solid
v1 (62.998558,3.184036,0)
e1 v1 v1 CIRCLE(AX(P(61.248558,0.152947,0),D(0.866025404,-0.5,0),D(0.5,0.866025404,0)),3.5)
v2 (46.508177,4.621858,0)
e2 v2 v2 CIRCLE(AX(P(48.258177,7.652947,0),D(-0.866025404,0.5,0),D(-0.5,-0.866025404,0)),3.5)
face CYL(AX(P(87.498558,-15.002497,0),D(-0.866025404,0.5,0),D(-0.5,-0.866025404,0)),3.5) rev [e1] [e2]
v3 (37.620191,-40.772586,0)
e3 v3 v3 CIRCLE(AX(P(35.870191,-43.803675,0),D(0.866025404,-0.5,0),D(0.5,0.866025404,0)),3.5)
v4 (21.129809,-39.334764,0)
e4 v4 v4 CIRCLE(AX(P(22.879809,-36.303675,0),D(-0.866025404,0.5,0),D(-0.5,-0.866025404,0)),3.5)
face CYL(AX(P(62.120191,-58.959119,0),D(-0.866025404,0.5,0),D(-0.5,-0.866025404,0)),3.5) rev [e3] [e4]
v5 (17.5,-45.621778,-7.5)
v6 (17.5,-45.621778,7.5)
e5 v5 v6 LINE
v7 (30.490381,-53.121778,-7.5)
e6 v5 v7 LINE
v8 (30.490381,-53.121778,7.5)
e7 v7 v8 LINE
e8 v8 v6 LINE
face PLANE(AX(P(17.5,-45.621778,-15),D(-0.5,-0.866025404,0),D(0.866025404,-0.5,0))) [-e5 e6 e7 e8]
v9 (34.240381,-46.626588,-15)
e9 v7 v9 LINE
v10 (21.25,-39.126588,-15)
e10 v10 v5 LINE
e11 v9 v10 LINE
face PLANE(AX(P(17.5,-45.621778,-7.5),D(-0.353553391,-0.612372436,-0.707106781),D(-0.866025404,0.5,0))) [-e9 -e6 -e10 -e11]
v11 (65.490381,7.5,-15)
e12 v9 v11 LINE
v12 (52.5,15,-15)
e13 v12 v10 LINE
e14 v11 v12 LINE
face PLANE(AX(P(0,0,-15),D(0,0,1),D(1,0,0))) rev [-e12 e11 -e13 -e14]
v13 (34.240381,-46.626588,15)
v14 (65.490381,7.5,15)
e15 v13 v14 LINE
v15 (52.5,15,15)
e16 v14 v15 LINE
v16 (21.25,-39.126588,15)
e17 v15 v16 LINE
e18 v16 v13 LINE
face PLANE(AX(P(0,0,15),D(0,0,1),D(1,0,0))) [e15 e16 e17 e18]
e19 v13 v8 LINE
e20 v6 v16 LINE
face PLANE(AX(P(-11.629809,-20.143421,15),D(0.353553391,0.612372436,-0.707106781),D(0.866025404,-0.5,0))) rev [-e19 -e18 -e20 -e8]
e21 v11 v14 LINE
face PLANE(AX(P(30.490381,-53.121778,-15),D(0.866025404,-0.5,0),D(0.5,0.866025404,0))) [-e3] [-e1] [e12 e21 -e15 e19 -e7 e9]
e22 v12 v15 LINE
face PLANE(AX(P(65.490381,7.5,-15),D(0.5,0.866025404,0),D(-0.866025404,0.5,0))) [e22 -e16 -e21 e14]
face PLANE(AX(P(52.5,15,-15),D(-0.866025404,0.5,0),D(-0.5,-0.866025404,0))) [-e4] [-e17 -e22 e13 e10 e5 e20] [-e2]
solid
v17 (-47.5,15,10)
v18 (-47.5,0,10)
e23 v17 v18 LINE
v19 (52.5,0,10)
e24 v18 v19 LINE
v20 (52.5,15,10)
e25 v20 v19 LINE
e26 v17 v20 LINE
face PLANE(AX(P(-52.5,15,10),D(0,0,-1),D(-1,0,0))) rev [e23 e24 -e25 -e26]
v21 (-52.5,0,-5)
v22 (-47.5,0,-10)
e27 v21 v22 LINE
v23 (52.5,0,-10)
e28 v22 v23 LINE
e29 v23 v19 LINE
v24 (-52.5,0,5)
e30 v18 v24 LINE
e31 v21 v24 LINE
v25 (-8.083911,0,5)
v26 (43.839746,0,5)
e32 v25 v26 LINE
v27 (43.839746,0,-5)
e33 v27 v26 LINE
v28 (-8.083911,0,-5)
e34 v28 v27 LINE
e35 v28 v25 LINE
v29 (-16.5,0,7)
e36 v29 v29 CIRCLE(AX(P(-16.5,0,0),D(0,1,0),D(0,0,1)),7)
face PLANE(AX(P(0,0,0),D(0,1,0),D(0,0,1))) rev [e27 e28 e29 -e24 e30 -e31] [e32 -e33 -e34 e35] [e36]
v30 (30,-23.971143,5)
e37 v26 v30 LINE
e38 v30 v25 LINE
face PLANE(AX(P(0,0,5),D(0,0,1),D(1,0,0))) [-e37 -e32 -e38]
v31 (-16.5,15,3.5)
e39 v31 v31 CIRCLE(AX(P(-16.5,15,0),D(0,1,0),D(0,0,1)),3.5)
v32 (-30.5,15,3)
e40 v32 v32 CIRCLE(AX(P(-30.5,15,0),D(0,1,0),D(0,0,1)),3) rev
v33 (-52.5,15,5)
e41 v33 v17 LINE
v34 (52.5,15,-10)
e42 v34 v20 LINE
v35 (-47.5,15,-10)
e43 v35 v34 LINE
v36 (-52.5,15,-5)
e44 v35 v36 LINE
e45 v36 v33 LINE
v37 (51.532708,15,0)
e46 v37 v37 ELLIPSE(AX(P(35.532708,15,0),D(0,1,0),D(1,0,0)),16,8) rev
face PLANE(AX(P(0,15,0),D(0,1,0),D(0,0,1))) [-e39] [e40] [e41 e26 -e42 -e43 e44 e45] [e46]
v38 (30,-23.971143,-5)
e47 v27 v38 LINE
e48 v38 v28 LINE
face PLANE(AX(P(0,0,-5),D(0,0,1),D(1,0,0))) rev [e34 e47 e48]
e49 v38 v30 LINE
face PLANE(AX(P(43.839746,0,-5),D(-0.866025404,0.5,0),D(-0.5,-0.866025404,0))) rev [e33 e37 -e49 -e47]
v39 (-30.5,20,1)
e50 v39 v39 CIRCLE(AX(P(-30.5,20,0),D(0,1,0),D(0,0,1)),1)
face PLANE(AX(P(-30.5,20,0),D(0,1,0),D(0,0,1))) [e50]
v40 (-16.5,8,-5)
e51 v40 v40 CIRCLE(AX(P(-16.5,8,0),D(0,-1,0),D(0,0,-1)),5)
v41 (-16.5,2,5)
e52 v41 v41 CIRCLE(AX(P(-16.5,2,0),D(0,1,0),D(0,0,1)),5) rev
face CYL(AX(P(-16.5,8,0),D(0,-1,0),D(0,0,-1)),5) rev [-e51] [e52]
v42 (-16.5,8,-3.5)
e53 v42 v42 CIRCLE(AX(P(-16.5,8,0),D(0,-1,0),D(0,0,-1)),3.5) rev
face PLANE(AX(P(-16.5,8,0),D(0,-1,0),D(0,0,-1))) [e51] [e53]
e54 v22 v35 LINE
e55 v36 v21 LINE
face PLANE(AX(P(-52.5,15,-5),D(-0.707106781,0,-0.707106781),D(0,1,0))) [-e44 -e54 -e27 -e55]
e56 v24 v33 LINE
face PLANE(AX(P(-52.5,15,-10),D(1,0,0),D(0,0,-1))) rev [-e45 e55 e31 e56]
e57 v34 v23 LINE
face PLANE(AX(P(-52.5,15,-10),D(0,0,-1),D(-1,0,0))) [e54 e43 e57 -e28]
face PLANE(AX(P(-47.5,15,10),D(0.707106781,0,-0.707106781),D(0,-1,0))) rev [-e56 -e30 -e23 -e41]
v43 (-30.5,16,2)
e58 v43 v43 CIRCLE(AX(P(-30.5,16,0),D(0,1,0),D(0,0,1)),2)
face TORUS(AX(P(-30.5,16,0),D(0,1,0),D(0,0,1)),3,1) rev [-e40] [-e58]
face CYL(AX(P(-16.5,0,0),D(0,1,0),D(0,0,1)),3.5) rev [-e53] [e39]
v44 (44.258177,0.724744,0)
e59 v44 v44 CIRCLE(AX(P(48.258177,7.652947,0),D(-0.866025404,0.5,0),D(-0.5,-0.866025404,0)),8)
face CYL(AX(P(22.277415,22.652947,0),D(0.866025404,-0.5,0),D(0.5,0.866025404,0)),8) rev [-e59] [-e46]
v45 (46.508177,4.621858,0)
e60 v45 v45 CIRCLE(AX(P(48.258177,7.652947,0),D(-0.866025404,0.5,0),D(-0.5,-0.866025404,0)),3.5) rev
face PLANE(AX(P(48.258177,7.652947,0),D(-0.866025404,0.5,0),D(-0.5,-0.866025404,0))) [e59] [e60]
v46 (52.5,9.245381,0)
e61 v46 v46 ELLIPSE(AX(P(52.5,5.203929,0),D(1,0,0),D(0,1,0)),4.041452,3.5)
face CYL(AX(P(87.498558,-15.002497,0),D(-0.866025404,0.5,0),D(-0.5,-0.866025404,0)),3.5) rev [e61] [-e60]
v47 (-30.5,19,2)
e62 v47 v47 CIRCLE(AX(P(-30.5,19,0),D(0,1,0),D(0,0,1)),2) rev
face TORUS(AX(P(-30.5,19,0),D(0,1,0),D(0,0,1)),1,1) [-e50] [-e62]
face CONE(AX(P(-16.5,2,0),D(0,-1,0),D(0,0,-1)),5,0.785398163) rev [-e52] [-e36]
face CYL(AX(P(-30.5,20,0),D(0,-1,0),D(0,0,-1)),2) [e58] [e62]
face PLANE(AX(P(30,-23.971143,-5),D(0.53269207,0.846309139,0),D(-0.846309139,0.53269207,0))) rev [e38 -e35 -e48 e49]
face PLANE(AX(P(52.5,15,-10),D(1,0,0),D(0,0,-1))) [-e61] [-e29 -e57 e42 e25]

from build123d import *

# Parameters (mm, degrees)
SKETCH1_W                = 105
SKETCH1_H                = 20
BOSS_EXTRUDE1_DEPTH      = 15
SKETCH2_R                = 3.5
CUT_EXTRUDE1_DEPTH       = 15
SKETCH3_R                = 2
BOSS_EXTRUDE2_DEPTH      = 5
SKETCH4_R                = 5
CUT_EXTRUDE2_DEPTH       = 8
BOSS_EXTRUDE3_DEPTH      = 15
BOSS_EXTRUDE3_DEPTH_BACK = 15
BOSS_EXTRUDE4_DEPTH      = 5
BOSS_EXTRUDE4_DEPTH_BACK = 5
SKETCH8_R                = 3.5
CUT_EXTRUDE3_DEPTH       = 96.049456406
CHAMFER2_SIZE            = 7.5
FILLET8_R                = 1
FILLET9_R                = 1
CHAMFER4_SIZE            = 2
CHAMFER5_SIZE            = 5
CUT_EXTRUDE4_DEPTH       = 96.049456406
CUT_EXTRUDE4_DEPTH_BACK  = 96.049456406
SKETCH9_R                = 3.5
SKETCH11_R               = 8
CUT_EXTRUDE5_DEPTH       = 30


with BuildPart() as part:
    # Sketch1 → Boss-Extrude1 (new body)
    with BuildSketch(Plane(origin=(0, 0, 0), x_dir=(1, 0, 0), z_dir=(0, 1, 0))):
        Rectangle(SKETCH1_W, SKETCH1_H)
    extrude(amount=BOSS_EXTRUDE1_DEPTH)

    # Sketch2 → Cut-Extrude1 (cut)
    with BuildSketch(Plane(origin=(0, 15, 0), x_dir=(1, 0, 0), z_dir=(0, 1, 0))):
        with Locations(Location((-16.5, 0, 0), (0, 0, 270))):
            Circle(SKETCH2_R)
    extrude(amount=-CUT_EXTRUDE1_DEPTH, mode=Mode.SUBTRACT)

    # Sketch3 → Boss-Extrude2 (add)
    with BuildSketch(Plane(origin=(0, 15, 0), x_dir=(1, 0, 0), z_dir=(0, 1, 0))):
        with Locations(Location((-30.5, 0, 0), (0, 0, 270))):
            Circle(SKETCH3_R)
    extrude(amount=BOSS_EXTRUDE2_DEPTH)

    # Sketch4 → Cut-Extrude2 (cut)
    with BuildSketch(Plane.XZ):
        with Locations(Location((-16.5, 0, 0), (0, 0, 270))):
            Circle(SKETCH4_R)
    extrude(amount=-CUT_EXTRUDE2_DEPTH, mode=Mode.SUBTRACT)

    # Sketch7 → Boss-Extrude4 (add, two sides: drawn at the far end of the back side and taken through both)
    with BuildSketch(Plane.XY.offset(-BOSS_EXTRUDE4_DEPTH_BACK)):
        Polygon((-8.083911237, 0), (43.839745962, 0), (30, -23.97114317), align=None)
    extrude(amount=BOSS_EXTRUDE4_DEPTH + BOSS_EXTRUDE4_DEPTH_BACK)

    # Fillet8
    fillet8_edges = [part.edges().sort_by_distance(p)[0] for p in [
        (-30.5, 20, -2),
    ]]
    fillet(fillet8_edges, radius=FILLET8_R)

    # Fillet9
    fillet9_edges = [part.edges().sort_by_distance(p)[0] for p in [
        (-30.5, 15, -2),
    ]]
    fillet(fillet9_edges, radius=FILLET9_R)

    # Chamfer4
    chamfer4_edges = [part.edges().sort_by_distance(p)[0] for p in [
        (-16.5, 0, 5),
    ]]
    chamfer(chamfer4_edges, length=CHAMFER4_SIZE)

    # Chamfer5
    chamfer5_edges = [part.edges().sort_by_distance(p)[0] for p in [
        (-52.5, 7.5, -10),
        (-52.5, 7.5, 10),
    ]]
    chamfer(chamfer5_edges, length=CHAMFER5_SIZE)


with BuildPart() as body_2:
    # Sketch5 → Boss-Extrude3 (new, two sides: drawn at the far end of the back side and taken through both)
    with BuildSketch(Plane.XY.offset(-BOSS_EXTRUDE3_DEPTH_BACK)):
        Polygon((52.5, 15), (17.5, -45.621778265), (30.490381057, -53.121778265), (65.490381057, 7.5), align=None)
    extrude(amount=BOSS_EXTRUDE3_DEPTH + BOSS_EXTRUDE3_DEPTH_BACK)

    # Sketch8 → Cut-Extrude3 (cut, through all)
    with BuildSketch(Plane(origin=(32.879809472, -18.983166849, 0), x_dir=(0, 0, 1), z_dir=(-0.8660254037844382, 0.500000000000001, 0))):
        with Locations(Location((0, -20, 0), (0, 0, 270))):
            Circle(SKETCH8_R)
    extrude(amount=-CUT_EXTRUDE3_DEPTH, mode=Mode.SUBTRACT)

    # Chamfer2
    chamfer2_edges = [body_2.edges().sort_by_distance(p)[0] for p in [
        (23.995190528, -49.371778265, -15),
        (23.995190528, -49.371778265, 15),
    ]]
    chamfer(chamfer2_edges, length=CHAMFER2_SIZE)


with BuildPart() as cut_extrude4_tool:
    # Sketch9 → Cut-Extrude4 (new, two sides: drawn at the far end of the back side and taken through both)
    with BuildSketch(Plane(origin=(32.879809472, -18.983166849, 0), x_dir=(0, 0, 1), z_dir=(-0.8660254037844382, 0.500000000000001, 0)).offset(-CUT_EXTRUDE4_DEPTH_BACK)):
        with Locations(Location((0, 30.756735111, 0), (0, 0, 270))):
            Circle(SKETCH9_R)
    extrude(amount=CUT_EXTRUDE4_DEPTH + CUT_EXTRUDE4_DEPTH_BACK)


with BuildPart() as part_1:
    add(part.part)

    # Cut-Extrude4: cut by cut_extrude4_tool
    add(cut_extrude4_tool.part, mode=Mode.SUBTRACT)

    # Sketch11 → Cut-Extrude5 (cut)
    with BuildSketch(Plane(origin=(32.879809472, -18.983166849, 0), x_dir=(0, 0, 1), z_dir=(-0.8660254037844382, 0.500000000000001, 0))):
        with Locations(Location((0, 30.756735111, 0), (0, 0, 90))):
            Circle(SKETCH11_R)
    extrude(amount=CUT_EXTRUDE5_DEPTH, mode=Mode.SUBTRACT)


with BuildPart() as body_2_1:
    add(body_2.part)

    # Cut-Extrude4: cut by cut_extrude4_tool
    add(cut_extrude4_tool.part, mode=Mode.SUBTRACT)


solid = Compound([part_1.part, body_2_1.part])
